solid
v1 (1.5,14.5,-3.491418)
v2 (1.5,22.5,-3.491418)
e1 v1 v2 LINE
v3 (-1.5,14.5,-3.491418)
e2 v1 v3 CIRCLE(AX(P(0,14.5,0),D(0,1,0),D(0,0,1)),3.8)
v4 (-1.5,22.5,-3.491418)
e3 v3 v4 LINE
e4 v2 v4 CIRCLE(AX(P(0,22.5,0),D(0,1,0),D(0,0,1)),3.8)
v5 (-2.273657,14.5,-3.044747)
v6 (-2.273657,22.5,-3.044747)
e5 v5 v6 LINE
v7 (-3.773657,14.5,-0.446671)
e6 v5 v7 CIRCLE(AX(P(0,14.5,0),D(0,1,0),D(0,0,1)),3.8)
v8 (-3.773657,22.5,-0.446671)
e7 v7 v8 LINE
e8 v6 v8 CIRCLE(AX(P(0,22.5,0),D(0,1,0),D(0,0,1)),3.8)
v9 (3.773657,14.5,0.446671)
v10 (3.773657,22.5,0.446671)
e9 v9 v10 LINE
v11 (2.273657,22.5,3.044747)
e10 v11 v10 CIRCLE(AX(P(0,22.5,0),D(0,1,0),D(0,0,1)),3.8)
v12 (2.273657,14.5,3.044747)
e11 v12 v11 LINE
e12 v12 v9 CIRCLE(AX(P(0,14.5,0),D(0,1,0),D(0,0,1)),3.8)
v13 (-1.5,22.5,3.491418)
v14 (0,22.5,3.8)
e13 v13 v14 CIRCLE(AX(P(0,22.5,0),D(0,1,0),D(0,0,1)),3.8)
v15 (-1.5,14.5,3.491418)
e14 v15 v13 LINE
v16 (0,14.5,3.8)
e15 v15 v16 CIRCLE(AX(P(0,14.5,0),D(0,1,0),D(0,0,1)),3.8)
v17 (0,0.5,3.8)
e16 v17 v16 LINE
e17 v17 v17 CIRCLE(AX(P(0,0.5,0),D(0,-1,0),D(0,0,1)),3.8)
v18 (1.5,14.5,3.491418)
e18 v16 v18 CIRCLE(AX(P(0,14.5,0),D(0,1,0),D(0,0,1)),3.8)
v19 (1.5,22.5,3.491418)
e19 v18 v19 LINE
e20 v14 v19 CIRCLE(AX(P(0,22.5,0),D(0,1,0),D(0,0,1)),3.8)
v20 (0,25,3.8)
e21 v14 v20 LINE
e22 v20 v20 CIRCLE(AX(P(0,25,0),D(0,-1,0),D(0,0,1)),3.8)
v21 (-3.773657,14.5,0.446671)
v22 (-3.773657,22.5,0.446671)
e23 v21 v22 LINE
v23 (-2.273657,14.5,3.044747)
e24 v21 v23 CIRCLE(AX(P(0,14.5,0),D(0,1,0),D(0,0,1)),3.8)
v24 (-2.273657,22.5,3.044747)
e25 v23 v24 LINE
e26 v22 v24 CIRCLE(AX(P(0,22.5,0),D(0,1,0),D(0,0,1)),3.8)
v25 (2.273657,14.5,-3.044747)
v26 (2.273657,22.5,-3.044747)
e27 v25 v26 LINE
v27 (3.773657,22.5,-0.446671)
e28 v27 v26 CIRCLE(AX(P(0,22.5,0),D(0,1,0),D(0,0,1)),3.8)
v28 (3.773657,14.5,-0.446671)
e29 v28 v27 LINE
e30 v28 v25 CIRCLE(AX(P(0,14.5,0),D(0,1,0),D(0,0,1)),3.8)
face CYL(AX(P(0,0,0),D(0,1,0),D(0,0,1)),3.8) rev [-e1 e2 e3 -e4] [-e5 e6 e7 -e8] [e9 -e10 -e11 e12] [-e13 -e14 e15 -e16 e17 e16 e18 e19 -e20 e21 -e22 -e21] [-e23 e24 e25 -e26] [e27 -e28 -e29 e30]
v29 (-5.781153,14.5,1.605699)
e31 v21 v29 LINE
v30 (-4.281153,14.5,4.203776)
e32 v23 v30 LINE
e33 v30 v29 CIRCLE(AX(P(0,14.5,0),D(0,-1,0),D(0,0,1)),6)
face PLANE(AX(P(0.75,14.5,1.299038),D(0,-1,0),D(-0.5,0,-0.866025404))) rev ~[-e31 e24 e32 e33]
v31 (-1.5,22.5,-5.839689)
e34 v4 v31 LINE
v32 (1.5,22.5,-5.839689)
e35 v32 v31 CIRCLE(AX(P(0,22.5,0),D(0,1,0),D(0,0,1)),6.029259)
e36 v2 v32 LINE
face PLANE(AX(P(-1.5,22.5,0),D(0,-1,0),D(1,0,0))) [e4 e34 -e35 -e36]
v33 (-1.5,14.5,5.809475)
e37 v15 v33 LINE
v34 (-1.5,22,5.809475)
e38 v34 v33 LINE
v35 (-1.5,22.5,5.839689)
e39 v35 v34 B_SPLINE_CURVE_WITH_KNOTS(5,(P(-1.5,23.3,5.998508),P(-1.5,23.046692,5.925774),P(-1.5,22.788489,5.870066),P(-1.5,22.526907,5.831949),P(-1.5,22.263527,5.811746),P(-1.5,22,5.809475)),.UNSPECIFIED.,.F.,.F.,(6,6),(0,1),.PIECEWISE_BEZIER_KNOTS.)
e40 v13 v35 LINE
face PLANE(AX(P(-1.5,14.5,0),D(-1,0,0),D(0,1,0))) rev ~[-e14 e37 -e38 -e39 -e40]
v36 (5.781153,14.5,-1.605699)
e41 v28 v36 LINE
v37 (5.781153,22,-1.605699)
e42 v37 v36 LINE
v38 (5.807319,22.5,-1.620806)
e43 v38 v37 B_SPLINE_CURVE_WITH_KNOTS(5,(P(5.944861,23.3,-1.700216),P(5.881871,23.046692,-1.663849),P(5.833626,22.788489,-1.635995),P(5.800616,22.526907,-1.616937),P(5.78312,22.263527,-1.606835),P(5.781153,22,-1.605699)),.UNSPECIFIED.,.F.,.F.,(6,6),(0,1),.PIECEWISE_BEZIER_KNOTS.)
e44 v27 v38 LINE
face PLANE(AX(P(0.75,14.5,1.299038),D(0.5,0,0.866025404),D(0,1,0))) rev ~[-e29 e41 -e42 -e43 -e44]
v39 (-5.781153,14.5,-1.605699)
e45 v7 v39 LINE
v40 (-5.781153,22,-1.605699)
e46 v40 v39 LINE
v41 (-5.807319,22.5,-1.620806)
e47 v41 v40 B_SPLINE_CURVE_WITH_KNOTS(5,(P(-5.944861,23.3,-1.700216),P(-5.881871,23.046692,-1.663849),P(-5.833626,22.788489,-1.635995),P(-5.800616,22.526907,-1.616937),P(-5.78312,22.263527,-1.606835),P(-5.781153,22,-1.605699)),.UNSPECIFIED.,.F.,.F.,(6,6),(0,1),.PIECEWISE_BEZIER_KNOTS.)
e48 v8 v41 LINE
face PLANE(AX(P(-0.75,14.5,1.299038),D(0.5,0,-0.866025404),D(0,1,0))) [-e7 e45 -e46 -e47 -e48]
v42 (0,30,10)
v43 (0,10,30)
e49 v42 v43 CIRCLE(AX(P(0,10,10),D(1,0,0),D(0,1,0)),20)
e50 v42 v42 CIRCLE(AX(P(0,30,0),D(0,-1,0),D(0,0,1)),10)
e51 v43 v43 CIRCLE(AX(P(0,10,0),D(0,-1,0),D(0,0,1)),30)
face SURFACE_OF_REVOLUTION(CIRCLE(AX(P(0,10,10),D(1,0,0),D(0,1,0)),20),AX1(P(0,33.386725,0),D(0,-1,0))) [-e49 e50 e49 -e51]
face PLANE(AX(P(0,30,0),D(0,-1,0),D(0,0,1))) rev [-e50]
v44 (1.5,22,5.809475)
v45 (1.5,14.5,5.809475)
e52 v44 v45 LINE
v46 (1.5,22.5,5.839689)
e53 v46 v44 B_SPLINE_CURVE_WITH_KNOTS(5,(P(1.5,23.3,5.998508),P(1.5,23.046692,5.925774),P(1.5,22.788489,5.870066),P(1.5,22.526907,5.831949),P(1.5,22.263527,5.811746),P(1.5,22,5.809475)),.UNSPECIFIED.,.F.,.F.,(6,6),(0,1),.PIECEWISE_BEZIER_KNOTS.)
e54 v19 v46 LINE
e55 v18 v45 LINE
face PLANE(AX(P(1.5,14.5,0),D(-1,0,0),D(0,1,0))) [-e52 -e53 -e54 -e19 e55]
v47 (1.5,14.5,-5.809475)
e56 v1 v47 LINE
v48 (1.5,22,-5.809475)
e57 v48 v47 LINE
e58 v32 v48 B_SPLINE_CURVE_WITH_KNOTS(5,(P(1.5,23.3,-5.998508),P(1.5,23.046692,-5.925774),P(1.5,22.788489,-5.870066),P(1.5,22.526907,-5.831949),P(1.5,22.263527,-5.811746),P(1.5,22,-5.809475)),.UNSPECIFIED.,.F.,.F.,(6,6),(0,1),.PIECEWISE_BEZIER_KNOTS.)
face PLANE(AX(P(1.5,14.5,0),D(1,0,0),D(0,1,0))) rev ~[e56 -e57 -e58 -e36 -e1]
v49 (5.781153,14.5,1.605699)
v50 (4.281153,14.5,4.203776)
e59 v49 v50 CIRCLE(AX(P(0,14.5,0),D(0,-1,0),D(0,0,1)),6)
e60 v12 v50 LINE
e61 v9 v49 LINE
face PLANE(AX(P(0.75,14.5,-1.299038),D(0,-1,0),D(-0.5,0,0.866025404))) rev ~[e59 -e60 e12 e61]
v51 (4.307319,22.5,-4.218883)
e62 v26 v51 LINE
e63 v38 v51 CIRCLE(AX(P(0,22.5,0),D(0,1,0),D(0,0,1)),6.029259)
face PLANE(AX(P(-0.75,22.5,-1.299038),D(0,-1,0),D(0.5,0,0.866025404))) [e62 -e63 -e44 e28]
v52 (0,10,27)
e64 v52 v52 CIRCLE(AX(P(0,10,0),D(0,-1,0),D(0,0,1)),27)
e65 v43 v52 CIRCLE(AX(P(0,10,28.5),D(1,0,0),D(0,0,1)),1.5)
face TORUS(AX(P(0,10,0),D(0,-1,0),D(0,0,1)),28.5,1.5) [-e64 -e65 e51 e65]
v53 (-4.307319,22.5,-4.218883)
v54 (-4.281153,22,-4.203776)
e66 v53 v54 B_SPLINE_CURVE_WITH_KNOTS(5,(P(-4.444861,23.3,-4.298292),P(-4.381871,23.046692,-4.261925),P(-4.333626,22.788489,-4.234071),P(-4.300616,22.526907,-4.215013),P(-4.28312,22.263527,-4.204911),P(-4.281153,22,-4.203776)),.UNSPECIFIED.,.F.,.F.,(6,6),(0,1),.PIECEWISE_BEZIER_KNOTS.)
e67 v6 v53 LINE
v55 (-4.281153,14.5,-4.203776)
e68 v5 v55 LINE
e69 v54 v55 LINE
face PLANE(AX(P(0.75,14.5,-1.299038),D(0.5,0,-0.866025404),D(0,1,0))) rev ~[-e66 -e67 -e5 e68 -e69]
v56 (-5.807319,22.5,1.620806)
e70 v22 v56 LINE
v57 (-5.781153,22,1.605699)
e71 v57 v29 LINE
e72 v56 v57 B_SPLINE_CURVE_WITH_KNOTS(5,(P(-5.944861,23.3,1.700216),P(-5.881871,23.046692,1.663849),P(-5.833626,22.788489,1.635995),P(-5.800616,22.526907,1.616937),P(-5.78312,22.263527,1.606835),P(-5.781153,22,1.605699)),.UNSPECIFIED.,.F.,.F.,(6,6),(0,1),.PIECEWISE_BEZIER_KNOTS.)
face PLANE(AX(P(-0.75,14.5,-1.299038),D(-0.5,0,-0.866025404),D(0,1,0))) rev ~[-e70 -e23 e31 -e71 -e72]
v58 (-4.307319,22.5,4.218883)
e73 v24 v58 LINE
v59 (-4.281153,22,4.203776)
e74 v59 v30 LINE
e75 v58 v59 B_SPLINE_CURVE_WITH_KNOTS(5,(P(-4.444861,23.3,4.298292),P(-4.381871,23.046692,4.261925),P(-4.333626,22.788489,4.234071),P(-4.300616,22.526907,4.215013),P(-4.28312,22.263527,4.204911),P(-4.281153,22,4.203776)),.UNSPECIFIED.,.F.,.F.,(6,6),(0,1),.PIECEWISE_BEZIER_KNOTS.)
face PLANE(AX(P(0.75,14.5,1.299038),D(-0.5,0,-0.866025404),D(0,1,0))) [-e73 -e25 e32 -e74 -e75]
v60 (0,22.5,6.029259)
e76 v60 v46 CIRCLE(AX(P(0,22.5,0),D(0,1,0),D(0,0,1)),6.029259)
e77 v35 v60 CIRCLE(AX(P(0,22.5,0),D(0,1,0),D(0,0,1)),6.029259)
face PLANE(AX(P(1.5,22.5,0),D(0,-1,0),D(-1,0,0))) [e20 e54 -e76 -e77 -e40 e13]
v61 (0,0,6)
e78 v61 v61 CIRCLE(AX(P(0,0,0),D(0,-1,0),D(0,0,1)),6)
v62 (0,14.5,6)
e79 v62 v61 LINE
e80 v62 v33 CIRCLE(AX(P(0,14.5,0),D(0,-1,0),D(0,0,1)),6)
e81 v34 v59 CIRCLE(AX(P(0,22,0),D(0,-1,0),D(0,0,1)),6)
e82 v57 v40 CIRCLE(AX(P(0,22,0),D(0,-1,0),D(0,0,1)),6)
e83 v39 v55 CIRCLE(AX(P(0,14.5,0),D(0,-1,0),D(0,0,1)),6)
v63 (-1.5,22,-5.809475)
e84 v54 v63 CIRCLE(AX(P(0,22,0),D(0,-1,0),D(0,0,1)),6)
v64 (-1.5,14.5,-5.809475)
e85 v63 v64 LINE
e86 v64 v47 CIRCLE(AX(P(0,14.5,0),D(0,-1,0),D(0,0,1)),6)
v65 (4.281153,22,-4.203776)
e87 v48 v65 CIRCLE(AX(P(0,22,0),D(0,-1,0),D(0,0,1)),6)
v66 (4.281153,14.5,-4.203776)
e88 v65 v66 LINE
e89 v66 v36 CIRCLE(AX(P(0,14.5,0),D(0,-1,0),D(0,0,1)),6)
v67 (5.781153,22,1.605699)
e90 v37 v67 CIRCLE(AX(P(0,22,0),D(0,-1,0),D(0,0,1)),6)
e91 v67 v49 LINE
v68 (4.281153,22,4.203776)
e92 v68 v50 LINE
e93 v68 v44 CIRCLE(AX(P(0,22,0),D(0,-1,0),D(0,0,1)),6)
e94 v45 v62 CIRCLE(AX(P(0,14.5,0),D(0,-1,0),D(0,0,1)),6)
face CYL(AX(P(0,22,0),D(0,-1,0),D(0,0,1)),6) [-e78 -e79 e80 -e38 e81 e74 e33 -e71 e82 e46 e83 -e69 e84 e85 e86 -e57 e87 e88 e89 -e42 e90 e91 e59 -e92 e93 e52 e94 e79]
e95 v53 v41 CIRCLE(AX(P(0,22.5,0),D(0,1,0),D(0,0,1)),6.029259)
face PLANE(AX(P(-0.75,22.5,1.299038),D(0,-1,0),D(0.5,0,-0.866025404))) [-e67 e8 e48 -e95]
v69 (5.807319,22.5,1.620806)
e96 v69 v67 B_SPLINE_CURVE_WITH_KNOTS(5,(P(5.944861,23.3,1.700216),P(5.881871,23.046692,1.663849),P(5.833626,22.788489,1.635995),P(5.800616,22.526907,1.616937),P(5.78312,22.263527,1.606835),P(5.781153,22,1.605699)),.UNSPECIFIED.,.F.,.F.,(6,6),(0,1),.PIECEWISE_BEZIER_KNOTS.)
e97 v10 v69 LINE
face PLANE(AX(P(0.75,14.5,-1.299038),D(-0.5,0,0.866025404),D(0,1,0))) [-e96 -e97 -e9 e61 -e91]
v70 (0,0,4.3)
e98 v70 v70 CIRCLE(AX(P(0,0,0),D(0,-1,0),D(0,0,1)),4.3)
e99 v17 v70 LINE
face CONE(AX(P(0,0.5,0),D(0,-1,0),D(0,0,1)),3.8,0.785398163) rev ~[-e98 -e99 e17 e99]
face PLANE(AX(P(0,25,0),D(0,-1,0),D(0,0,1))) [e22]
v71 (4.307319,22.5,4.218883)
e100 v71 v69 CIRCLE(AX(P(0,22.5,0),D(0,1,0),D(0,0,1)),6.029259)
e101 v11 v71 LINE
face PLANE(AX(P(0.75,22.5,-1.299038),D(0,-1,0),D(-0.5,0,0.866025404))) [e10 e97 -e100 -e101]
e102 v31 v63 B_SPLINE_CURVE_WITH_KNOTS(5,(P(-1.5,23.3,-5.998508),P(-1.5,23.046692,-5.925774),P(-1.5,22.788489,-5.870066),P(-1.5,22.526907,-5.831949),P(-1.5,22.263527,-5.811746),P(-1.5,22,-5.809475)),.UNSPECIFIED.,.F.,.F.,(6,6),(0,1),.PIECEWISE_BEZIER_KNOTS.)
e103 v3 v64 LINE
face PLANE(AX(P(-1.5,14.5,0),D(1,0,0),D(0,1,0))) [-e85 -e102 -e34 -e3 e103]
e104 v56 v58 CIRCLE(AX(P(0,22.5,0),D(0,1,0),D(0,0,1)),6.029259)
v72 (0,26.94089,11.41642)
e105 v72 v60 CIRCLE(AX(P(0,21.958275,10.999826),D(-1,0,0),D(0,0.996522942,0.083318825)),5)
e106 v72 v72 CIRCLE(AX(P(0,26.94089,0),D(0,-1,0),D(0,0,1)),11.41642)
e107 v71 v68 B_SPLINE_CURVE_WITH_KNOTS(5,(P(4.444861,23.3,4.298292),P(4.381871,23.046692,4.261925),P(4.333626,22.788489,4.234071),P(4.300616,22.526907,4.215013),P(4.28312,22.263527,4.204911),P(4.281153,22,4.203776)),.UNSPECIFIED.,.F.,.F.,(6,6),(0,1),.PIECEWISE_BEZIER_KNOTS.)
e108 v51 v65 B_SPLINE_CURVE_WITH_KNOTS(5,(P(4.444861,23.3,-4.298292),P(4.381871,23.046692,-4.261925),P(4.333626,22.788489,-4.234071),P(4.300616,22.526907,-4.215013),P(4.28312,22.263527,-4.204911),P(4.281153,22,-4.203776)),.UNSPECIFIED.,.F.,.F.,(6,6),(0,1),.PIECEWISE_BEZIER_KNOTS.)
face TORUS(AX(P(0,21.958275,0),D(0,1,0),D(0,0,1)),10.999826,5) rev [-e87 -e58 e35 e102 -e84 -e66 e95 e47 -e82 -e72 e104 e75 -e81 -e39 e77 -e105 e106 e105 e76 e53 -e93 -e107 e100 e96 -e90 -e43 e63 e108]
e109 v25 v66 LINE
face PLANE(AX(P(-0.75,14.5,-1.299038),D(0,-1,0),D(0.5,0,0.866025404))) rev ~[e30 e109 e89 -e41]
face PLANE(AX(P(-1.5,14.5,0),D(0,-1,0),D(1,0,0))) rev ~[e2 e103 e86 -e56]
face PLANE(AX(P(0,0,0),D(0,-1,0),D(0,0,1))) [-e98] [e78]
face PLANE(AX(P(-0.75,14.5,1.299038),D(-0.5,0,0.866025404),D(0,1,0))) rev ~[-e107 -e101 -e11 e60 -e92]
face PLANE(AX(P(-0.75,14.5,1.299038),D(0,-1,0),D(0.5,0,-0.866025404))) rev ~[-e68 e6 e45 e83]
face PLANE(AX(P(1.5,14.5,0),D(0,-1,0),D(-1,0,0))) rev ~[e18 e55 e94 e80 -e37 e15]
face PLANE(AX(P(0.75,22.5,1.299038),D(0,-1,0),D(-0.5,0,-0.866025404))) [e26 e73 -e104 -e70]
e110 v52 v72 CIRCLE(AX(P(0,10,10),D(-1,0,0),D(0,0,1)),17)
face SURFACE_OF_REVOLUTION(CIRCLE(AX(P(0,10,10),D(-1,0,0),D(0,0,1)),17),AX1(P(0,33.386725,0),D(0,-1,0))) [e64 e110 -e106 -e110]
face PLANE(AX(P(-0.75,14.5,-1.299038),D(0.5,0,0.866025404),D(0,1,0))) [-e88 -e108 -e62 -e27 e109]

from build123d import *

# Parameters (mm, degrees)
SKETCH3_W          = 3
SKETCH3_H          = 8
CUT_EXTRUDE1_DEPTH = 10
CIRPATTERN1_COUNT  = 6
CHAMFER1_SIZE      = 0.5


with BuildPart() as part:
    # Sketch1 → Revolve1 (revolve)
    with BuildSketch(Plane.XY, mode=Mode.PRIVATE) as revolve1_sk:
        with BuildLine():
            Line((0, 30), (10, 30))
            ThreePointArc((10, 30), (24.142135624, 24.142135624), (30, 10))
            ThreePointArc((30, 10), (28.5, 8.5), (27, 10))
            ThreePointArc((27, 10), (22.511577448, 21.509145484), (11.416420028, 26.940890009))
            ThreePointArc((11.416420028, 26.940890009), (7.630166884, 25.6522431), (6, 22))
            Line((6, 22), (6, 0))
            Line((6, 0), (3.8, 0))
            Line((3.8, 0), (3.8, 25))
            Line((3.8, 25), (0, 25))
            Line((0, 25), (0, 30))
        make_face()
    revolve(revolve1_sk.sketch.rotate(Axis((0, 33.38672529, 0), (0, -1, 0)), 90), axis=Axis((0, 33.38672529, 0), (0, -1, 0)))

    # Sketch3 → Cut-Extrude1 (cut)
    with BuildSketch(Plane.XY):
        with Locations((0, 18.5)):
            Rectangle(SKETCH3_W, SKETCH3_H)
    cut_extrude1 = extrude(amount=-CUT_EXTRUDE1_DEPTH, mode=Mode.SUBTRACT)

    # CirPattern1: Cut-Extrude1 ×6 about axis
    cirpattern1_axis = Axis((0, 0, 0), (0, 1, 0))
    for i in range(1, CIRPATTERN1_COUNT):
        add(cut_extrude1.rotate(cirpattern1_axis, i * 360 / CIRPATTERN1_COUNT), mode=Mode.SUBTRACT)

    # Chamfer1
    chamfer1_edges = [part.edges().sort_by_distance(p)[0] for p in [
        (0, 0, -3.8),
    ]]
    chamfer(chamfer1_edges, length=CHAMFER1_SIZE)


solid = part.part
